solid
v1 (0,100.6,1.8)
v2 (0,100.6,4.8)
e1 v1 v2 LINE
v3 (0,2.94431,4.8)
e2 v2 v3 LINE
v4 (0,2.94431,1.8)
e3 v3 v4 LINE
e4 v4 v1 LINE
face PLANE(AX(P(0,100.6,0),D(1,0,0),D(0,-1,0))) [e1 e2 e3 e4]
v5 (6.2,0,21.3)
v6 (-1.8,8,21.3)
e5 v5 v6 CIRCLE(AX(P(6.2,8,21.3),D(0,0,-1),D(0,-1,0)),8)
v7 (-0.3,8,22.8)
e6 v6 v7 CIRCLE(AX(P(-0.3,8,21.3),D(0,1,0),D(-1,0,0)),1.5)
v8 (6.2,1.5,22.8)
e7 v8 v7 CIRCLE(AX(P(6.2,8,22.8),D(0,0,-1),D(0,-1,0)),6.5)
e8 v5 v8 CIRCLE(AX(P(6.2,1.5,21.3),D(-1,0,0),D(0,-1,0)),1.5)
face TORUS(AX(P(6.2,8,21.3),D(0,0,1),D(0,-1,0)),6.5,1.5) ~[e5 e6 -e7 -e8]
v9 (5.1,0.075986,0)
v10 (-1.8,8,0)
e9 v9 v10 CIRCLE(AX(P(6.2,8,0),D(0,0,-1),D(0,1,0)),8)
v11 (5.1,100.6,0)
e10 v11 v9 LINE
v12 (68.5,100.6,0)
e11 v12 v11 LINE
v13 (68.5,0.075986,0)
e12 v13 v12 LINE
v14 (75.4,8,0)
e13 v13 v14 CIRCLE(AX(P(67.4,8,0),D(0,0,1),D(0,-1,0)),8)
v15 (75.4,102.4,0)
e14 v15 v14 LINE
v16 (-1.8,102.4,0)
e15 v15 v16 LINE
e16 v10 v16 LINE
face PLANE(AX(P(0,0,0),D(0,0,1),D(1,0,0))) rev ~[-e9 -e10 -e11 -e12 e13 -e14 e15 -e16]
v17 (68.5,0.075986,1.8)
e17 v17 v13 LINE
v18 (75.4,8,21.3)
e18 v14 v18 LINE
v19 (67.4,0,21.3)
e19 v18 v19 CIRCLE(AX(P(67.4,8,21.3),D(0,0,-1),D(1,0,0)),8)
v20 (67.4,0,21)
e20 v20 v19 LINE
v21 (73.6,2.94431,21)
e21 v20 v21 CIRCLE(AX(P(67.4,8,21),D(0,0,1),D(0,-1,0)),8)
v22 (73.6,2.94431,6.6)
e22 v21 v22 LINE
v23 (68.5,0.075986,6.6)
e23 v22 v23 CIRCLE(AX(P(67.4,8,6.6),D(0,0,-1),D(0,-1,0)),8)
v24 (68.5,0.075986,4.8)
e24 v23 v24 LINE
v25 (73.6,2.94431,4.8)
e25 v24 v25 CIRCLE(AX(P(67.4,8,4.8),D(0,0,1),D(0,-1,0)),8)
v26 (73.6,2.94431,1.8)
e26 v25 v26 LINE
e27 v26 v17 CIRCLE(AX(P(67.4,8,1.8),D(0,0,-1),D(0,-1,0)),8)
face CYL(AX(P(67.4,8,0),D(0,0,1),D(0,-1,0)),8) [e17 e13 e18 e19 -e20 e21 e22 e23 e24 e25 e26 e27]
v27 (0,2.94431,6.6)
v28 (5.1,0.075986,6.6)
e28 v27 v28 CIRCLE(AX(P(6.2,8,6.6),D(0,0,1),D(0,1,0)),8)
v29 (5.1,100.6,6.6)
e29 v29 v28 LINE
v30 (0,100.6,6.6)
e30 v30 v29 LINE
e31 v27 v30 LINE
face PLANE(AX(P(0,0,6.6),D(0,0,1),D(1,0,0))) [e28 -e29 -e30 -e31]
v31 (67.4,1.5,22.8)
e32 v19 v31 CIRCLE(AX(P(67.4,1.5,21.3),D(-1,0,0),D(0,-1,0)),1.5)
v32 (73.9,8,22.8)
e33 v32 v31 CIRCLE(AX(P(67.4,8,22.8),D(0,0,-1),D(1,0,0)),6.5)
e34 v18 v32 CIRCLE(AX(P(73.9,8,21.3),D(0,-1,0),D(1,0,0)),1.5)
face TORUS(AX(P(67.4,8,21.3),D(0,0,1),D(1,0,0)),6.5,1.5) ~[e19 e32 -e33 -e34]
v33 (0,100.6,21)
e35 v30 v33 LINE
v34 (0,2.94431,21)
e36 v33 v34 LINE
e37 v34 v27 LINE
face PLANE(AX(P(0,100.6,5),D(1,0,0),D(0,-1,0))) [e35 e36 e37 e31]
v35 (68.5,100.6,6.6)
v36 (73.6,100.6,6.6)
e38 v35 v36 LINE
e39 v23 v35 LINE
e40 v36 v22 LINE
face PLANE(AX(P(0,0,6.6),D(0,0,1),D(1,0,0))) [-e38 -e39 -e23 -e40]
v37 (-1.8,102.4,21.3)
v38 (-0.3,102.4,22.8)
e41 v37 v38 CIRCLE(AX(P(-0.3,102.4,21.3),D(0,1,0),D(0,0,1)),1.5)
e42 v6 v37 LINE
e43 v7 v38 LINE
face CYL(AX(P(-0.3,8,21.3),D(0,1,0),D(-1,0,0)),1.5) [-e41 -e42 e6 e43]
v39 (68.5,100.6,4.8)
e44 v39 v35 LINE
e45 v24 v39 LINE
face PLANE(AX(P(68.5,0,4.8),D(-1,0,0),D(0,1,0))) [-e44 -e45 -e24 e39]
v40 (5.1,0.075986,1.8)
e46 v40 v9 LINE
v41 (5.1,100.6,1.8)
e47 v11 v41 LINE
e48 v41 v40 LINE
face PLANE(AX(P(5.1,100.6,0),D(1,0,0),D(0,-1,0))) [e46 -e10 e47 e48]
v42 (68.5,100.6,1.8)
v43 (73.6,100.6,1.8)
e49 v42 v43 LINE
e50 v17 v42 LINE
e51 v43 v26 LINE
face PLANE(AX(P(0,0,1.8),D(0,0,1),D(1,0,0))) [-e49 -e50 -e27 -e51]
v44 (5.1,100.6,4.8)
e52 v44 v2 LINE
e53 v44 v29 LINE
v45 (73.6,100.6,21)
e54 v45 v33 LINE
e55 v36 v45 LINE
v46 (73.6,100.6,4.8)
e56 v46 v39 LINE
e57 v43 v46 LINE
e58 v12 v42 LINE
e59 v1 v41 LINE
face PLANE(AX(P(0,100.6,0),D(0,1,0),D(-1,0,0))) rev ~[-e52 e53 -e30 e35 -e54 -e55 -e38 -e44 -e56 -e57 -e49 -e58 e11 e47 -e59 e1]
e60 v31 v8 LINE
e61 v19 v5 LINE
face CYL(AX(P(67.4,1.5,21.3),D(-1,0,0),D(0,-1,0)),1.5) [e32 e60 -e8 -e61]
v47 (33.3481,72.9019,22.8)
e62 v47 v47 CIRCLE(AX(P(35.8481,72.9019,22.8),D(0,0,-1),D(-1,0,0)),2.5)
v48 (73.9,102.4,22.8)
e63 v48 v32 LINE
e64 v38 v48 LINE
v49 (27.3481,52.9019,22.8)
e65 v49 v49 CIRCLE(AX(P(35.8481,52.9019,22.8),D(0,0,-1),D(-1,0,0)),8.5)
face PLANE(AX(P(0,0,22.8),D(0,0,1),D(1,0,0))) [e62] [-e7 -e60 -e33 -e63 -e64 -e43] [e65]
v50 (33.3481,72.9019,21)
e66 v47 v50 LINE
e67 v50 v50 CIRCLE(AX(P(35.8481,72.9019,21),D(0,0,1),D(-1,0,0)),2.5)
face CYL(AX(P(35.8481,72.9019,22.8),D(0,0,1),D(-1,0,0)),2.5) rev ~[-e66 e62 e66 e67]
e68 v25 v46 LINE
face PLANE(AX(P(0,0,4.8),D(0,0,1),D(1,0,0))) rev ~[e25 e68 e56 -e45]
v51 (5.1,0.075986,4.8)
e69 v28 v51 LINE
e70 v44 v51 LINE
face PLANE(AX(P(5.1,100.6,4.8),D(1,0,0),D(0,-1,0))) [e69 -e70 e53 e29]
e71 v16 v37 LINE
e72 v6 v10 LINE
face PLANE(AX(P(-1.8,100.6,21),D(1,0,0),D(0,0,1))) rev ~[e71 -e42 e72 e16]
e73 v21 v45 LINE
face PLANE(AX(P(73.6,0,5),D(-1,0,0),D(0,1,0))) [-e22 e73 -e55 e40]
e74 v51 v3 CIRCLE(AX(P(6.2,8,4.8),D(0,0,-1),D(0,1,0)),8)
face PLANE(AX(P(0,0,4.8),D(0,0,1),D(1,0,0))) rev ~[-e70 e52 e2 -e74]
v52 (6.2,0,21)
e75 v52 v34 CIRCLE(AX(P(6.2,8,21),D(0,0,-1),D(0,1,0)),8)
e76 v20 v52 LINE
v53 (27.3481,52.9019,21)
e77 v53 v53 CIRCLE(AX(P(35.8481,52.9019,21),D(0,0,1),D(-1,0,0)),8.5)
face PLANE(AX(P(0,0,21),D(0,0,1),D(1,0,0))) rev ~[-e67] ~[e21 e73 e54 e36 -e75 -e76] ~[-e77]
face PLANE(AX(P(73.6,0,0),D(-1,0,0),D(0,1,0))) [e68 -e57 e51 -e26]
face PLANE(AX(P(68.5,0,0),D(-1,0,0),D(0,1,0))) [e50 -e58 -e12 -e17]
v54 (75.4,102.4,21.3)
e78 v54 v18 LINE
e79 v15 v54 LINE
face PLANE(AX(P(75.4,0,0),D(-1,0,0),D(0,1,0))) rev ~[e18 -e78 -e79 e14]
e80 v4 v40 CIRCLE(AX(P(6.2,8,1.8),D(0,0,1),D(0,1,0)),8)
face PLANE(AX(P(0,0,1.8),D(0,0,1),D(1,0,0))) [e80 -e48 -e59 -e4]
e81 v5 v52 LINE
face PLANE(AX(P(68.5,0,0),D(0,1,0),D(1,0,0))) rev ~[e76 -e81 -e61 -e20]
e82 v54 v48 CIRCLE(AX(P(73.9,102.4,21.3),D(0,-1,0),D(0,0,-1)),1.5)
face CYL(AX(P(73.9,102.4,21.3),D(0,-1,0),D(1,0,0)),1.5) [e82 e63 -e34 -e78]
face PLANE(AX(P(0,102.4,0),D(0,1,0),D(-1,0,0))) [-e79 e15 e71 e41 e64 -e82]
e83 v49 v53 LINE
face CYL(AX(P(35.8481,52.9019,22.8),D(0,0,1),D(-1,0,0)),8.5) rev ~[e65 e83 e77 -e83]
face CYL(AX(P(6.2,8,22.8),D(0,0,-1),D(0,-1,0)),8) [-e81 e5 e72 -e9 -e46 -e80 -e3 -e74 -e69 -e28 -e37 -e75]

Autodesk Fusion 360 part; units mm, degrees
sketch "Sketch1" plane through (0, 0, 0) normal (0, 0, 1) x (1, 0, 0)
  line L0 (0, 0) -> (73.6, 0)
  line L1 (73.6, 0) -> (73.6, 100.6)
  line L2 (73.6, 100.6) -> (0, 100.6)
  line L3 (0, 100.6) -> (0, 0)
  line L4 (5.1, 0) -> (68.5, 0)
  line L5 (68.5, 0) -> (68.5, 100.6)
  line L6 (68.5, 100.6) -> (5.1, 100.6)
  line L7 (5.1, 100.6) -> (5.1, 0)
  line L8 (-1.8, 0) -> (75.4, 0)
  line L9 (75.4, 0) -> (75.4, 100.6)
  line L10 (75.4, 100.6) -> (-1.8, 100.6)
  line L11 (-1.8, 100.6) -> (-1.8, 0)
  dimension "d1" = 73.6
  dimension "d2" = 100.6
  dimension "d3" = 63.4
  dimension "d4" = 5.1
  dimension "d6" = 1.8
  dimension "d7" = 1.8
extrude "Extrude1" add sketch "Sketch1" along normal blind 1.8 contours L0 L2 L3 L7 L8 L10 | L3 L8 L10 L11 | L0 L1 L2 L5 L8 L10 | L1 L8 L9 L10 makes body 1 at (70.8, 33.5333, 0) makes body 2 at (0.5, 67.0667, 0)
extrude "Extrude2" add sketch "Sketch1" along normal blind 4.8 separate body contours L3 L8 L10 L11 | L1 L8 L9 L10 makes body 3 at (-1.8, 67.0667, 1.6) makes body 4 at (75.4, 33.5333, 1.6)
extrude "Extrude3" add sketch "Sketch1" along normal blind 1.8 from surface at 4.8 separate body contours L0 L2 L3 L7 L8 L10 | L3 L8 L10 L11 | L0 L1 L2 L5 L8 L10 | L1 L8 L9 L10 makes body 5 at (70.8, 33.5333, 4.8) makes body 6 at (0.5, 67.0667, 4.8)
extrude "Extrude4" add sketch "Sketch1" along normal blind 16 from surface at 5 separate body contours L3 L8 L10 L11 | L1 L8 L9 L10 makes body 7 at (75.4, 33.5333, 10.3333) makes body 8 at (-1.8, 67.0667, 10.3333)
extrude "Extrude5" add sketch "Sketch1" along normal blind 1.8 from surface at 21 separate body makes body 9
sketch "Sketch2" plane through (0, 100.6, 0) normal (0, 1, 0) x (-1, 0, 0)
  line L0 (-75.4, 21) -> (1.8, 21)
  line L1 (1.8, 21) -> (1.8, 22.8)
  line L2 (1.8, 22.8) -> (-75.4, 22.8)
  line L3 (-75.4, 22.8) -> (-75.4, 21)
  line L4 (-75.4, 0) -> (1.8, 0)
  line L5 (1.8, 0) -> (1.8, 22.8)
  line L6 (1.8, 22.8) -> (-75.4, 22.8)
  line L7 (-75.4, 22.8) -> (-75.4, 0)
  line L8 (1.8, 5) -> (1.8, 21)
  line L9 (-75.4, 5) -> (-75.4, 21)
  line L10 (-75.4, 0) -> (1.8, 0)
extrude "Extrude6" add sketch "Sketch2" along normal blind 1.8 bodies 1 2 3 4 5 6 7 8 9
fillet "Fillet1" radius 8 2 edges at (-1.8, 0, 11.4) (75.4, 0, 11.4) on bodies 1
fillet "Fillet2" radius 1.5 5 edges at (-1.8, 55.2, 22.8) (0.5431, 2.3431, 22.8) (36.8, 0, 22.8) (73.0569, 2.3431, 22.8) (75.4, 55.2, 22.8) on bodies 1
sketch "Sketch3" plane through (0, 0, 22.8) normal (0, 0, 1) x (-1, 0, 0)
  line L0 (0.3, -102.4) -> (0.3, -8)
  arc A0 (0.3, -8) -> (-6.2, -1.5) centre (-6.2, -8) ccw
  line L1 (-6.2, -1.5) -> (-67.4, -1.5)
  arc A1 (-67.4, -1.5) -> (-73.9, -8) centre (-67.4, -8) ccw
  line L2 (-73.9, -8) -> (-73.9, -102.4)
  line L3 (-73.9, -102.4) -> (0.3, -102.4)
  line L4 (0.3, -102.4) -> (-71.9962, -3.4038) construction
  circle A2 centre (-35.8481, -52.9019) radius 8.5
  line L5 (-35.8481, -72.9019) -> (-35.8481, -52.9019)
  circle A3 centre (-35.8481, -72.9019) radius 2.5
  dimension "d26" = 17
  dimension "d27" = 20
  dimension "d28" = 5
extrude "Extrude7" cut sketch "Sketch3" against normal blind 1.8 contours A2 | A3 bodies 1
equation "d4 = ( 10.2 / 2 ) * 1 mm"
equation "t = 1.8 mm" comment "thickness"
equation "d6 = t"
equation "d7 = t"
equation "d8 = t"
equation "d10 = t + 3 mm"
equation "d12 = t + 3 mm"
equation "d13 = t"
equation "ra = 8 mm" comment "radius"
equation "d16 = 2 mm + 3 mm"
equation "d19 = 19 mm + 2 mm"
equation "d20 = t"
equation "d22 = t"
equation "d24 = ra"
equation "d29 = -t"
